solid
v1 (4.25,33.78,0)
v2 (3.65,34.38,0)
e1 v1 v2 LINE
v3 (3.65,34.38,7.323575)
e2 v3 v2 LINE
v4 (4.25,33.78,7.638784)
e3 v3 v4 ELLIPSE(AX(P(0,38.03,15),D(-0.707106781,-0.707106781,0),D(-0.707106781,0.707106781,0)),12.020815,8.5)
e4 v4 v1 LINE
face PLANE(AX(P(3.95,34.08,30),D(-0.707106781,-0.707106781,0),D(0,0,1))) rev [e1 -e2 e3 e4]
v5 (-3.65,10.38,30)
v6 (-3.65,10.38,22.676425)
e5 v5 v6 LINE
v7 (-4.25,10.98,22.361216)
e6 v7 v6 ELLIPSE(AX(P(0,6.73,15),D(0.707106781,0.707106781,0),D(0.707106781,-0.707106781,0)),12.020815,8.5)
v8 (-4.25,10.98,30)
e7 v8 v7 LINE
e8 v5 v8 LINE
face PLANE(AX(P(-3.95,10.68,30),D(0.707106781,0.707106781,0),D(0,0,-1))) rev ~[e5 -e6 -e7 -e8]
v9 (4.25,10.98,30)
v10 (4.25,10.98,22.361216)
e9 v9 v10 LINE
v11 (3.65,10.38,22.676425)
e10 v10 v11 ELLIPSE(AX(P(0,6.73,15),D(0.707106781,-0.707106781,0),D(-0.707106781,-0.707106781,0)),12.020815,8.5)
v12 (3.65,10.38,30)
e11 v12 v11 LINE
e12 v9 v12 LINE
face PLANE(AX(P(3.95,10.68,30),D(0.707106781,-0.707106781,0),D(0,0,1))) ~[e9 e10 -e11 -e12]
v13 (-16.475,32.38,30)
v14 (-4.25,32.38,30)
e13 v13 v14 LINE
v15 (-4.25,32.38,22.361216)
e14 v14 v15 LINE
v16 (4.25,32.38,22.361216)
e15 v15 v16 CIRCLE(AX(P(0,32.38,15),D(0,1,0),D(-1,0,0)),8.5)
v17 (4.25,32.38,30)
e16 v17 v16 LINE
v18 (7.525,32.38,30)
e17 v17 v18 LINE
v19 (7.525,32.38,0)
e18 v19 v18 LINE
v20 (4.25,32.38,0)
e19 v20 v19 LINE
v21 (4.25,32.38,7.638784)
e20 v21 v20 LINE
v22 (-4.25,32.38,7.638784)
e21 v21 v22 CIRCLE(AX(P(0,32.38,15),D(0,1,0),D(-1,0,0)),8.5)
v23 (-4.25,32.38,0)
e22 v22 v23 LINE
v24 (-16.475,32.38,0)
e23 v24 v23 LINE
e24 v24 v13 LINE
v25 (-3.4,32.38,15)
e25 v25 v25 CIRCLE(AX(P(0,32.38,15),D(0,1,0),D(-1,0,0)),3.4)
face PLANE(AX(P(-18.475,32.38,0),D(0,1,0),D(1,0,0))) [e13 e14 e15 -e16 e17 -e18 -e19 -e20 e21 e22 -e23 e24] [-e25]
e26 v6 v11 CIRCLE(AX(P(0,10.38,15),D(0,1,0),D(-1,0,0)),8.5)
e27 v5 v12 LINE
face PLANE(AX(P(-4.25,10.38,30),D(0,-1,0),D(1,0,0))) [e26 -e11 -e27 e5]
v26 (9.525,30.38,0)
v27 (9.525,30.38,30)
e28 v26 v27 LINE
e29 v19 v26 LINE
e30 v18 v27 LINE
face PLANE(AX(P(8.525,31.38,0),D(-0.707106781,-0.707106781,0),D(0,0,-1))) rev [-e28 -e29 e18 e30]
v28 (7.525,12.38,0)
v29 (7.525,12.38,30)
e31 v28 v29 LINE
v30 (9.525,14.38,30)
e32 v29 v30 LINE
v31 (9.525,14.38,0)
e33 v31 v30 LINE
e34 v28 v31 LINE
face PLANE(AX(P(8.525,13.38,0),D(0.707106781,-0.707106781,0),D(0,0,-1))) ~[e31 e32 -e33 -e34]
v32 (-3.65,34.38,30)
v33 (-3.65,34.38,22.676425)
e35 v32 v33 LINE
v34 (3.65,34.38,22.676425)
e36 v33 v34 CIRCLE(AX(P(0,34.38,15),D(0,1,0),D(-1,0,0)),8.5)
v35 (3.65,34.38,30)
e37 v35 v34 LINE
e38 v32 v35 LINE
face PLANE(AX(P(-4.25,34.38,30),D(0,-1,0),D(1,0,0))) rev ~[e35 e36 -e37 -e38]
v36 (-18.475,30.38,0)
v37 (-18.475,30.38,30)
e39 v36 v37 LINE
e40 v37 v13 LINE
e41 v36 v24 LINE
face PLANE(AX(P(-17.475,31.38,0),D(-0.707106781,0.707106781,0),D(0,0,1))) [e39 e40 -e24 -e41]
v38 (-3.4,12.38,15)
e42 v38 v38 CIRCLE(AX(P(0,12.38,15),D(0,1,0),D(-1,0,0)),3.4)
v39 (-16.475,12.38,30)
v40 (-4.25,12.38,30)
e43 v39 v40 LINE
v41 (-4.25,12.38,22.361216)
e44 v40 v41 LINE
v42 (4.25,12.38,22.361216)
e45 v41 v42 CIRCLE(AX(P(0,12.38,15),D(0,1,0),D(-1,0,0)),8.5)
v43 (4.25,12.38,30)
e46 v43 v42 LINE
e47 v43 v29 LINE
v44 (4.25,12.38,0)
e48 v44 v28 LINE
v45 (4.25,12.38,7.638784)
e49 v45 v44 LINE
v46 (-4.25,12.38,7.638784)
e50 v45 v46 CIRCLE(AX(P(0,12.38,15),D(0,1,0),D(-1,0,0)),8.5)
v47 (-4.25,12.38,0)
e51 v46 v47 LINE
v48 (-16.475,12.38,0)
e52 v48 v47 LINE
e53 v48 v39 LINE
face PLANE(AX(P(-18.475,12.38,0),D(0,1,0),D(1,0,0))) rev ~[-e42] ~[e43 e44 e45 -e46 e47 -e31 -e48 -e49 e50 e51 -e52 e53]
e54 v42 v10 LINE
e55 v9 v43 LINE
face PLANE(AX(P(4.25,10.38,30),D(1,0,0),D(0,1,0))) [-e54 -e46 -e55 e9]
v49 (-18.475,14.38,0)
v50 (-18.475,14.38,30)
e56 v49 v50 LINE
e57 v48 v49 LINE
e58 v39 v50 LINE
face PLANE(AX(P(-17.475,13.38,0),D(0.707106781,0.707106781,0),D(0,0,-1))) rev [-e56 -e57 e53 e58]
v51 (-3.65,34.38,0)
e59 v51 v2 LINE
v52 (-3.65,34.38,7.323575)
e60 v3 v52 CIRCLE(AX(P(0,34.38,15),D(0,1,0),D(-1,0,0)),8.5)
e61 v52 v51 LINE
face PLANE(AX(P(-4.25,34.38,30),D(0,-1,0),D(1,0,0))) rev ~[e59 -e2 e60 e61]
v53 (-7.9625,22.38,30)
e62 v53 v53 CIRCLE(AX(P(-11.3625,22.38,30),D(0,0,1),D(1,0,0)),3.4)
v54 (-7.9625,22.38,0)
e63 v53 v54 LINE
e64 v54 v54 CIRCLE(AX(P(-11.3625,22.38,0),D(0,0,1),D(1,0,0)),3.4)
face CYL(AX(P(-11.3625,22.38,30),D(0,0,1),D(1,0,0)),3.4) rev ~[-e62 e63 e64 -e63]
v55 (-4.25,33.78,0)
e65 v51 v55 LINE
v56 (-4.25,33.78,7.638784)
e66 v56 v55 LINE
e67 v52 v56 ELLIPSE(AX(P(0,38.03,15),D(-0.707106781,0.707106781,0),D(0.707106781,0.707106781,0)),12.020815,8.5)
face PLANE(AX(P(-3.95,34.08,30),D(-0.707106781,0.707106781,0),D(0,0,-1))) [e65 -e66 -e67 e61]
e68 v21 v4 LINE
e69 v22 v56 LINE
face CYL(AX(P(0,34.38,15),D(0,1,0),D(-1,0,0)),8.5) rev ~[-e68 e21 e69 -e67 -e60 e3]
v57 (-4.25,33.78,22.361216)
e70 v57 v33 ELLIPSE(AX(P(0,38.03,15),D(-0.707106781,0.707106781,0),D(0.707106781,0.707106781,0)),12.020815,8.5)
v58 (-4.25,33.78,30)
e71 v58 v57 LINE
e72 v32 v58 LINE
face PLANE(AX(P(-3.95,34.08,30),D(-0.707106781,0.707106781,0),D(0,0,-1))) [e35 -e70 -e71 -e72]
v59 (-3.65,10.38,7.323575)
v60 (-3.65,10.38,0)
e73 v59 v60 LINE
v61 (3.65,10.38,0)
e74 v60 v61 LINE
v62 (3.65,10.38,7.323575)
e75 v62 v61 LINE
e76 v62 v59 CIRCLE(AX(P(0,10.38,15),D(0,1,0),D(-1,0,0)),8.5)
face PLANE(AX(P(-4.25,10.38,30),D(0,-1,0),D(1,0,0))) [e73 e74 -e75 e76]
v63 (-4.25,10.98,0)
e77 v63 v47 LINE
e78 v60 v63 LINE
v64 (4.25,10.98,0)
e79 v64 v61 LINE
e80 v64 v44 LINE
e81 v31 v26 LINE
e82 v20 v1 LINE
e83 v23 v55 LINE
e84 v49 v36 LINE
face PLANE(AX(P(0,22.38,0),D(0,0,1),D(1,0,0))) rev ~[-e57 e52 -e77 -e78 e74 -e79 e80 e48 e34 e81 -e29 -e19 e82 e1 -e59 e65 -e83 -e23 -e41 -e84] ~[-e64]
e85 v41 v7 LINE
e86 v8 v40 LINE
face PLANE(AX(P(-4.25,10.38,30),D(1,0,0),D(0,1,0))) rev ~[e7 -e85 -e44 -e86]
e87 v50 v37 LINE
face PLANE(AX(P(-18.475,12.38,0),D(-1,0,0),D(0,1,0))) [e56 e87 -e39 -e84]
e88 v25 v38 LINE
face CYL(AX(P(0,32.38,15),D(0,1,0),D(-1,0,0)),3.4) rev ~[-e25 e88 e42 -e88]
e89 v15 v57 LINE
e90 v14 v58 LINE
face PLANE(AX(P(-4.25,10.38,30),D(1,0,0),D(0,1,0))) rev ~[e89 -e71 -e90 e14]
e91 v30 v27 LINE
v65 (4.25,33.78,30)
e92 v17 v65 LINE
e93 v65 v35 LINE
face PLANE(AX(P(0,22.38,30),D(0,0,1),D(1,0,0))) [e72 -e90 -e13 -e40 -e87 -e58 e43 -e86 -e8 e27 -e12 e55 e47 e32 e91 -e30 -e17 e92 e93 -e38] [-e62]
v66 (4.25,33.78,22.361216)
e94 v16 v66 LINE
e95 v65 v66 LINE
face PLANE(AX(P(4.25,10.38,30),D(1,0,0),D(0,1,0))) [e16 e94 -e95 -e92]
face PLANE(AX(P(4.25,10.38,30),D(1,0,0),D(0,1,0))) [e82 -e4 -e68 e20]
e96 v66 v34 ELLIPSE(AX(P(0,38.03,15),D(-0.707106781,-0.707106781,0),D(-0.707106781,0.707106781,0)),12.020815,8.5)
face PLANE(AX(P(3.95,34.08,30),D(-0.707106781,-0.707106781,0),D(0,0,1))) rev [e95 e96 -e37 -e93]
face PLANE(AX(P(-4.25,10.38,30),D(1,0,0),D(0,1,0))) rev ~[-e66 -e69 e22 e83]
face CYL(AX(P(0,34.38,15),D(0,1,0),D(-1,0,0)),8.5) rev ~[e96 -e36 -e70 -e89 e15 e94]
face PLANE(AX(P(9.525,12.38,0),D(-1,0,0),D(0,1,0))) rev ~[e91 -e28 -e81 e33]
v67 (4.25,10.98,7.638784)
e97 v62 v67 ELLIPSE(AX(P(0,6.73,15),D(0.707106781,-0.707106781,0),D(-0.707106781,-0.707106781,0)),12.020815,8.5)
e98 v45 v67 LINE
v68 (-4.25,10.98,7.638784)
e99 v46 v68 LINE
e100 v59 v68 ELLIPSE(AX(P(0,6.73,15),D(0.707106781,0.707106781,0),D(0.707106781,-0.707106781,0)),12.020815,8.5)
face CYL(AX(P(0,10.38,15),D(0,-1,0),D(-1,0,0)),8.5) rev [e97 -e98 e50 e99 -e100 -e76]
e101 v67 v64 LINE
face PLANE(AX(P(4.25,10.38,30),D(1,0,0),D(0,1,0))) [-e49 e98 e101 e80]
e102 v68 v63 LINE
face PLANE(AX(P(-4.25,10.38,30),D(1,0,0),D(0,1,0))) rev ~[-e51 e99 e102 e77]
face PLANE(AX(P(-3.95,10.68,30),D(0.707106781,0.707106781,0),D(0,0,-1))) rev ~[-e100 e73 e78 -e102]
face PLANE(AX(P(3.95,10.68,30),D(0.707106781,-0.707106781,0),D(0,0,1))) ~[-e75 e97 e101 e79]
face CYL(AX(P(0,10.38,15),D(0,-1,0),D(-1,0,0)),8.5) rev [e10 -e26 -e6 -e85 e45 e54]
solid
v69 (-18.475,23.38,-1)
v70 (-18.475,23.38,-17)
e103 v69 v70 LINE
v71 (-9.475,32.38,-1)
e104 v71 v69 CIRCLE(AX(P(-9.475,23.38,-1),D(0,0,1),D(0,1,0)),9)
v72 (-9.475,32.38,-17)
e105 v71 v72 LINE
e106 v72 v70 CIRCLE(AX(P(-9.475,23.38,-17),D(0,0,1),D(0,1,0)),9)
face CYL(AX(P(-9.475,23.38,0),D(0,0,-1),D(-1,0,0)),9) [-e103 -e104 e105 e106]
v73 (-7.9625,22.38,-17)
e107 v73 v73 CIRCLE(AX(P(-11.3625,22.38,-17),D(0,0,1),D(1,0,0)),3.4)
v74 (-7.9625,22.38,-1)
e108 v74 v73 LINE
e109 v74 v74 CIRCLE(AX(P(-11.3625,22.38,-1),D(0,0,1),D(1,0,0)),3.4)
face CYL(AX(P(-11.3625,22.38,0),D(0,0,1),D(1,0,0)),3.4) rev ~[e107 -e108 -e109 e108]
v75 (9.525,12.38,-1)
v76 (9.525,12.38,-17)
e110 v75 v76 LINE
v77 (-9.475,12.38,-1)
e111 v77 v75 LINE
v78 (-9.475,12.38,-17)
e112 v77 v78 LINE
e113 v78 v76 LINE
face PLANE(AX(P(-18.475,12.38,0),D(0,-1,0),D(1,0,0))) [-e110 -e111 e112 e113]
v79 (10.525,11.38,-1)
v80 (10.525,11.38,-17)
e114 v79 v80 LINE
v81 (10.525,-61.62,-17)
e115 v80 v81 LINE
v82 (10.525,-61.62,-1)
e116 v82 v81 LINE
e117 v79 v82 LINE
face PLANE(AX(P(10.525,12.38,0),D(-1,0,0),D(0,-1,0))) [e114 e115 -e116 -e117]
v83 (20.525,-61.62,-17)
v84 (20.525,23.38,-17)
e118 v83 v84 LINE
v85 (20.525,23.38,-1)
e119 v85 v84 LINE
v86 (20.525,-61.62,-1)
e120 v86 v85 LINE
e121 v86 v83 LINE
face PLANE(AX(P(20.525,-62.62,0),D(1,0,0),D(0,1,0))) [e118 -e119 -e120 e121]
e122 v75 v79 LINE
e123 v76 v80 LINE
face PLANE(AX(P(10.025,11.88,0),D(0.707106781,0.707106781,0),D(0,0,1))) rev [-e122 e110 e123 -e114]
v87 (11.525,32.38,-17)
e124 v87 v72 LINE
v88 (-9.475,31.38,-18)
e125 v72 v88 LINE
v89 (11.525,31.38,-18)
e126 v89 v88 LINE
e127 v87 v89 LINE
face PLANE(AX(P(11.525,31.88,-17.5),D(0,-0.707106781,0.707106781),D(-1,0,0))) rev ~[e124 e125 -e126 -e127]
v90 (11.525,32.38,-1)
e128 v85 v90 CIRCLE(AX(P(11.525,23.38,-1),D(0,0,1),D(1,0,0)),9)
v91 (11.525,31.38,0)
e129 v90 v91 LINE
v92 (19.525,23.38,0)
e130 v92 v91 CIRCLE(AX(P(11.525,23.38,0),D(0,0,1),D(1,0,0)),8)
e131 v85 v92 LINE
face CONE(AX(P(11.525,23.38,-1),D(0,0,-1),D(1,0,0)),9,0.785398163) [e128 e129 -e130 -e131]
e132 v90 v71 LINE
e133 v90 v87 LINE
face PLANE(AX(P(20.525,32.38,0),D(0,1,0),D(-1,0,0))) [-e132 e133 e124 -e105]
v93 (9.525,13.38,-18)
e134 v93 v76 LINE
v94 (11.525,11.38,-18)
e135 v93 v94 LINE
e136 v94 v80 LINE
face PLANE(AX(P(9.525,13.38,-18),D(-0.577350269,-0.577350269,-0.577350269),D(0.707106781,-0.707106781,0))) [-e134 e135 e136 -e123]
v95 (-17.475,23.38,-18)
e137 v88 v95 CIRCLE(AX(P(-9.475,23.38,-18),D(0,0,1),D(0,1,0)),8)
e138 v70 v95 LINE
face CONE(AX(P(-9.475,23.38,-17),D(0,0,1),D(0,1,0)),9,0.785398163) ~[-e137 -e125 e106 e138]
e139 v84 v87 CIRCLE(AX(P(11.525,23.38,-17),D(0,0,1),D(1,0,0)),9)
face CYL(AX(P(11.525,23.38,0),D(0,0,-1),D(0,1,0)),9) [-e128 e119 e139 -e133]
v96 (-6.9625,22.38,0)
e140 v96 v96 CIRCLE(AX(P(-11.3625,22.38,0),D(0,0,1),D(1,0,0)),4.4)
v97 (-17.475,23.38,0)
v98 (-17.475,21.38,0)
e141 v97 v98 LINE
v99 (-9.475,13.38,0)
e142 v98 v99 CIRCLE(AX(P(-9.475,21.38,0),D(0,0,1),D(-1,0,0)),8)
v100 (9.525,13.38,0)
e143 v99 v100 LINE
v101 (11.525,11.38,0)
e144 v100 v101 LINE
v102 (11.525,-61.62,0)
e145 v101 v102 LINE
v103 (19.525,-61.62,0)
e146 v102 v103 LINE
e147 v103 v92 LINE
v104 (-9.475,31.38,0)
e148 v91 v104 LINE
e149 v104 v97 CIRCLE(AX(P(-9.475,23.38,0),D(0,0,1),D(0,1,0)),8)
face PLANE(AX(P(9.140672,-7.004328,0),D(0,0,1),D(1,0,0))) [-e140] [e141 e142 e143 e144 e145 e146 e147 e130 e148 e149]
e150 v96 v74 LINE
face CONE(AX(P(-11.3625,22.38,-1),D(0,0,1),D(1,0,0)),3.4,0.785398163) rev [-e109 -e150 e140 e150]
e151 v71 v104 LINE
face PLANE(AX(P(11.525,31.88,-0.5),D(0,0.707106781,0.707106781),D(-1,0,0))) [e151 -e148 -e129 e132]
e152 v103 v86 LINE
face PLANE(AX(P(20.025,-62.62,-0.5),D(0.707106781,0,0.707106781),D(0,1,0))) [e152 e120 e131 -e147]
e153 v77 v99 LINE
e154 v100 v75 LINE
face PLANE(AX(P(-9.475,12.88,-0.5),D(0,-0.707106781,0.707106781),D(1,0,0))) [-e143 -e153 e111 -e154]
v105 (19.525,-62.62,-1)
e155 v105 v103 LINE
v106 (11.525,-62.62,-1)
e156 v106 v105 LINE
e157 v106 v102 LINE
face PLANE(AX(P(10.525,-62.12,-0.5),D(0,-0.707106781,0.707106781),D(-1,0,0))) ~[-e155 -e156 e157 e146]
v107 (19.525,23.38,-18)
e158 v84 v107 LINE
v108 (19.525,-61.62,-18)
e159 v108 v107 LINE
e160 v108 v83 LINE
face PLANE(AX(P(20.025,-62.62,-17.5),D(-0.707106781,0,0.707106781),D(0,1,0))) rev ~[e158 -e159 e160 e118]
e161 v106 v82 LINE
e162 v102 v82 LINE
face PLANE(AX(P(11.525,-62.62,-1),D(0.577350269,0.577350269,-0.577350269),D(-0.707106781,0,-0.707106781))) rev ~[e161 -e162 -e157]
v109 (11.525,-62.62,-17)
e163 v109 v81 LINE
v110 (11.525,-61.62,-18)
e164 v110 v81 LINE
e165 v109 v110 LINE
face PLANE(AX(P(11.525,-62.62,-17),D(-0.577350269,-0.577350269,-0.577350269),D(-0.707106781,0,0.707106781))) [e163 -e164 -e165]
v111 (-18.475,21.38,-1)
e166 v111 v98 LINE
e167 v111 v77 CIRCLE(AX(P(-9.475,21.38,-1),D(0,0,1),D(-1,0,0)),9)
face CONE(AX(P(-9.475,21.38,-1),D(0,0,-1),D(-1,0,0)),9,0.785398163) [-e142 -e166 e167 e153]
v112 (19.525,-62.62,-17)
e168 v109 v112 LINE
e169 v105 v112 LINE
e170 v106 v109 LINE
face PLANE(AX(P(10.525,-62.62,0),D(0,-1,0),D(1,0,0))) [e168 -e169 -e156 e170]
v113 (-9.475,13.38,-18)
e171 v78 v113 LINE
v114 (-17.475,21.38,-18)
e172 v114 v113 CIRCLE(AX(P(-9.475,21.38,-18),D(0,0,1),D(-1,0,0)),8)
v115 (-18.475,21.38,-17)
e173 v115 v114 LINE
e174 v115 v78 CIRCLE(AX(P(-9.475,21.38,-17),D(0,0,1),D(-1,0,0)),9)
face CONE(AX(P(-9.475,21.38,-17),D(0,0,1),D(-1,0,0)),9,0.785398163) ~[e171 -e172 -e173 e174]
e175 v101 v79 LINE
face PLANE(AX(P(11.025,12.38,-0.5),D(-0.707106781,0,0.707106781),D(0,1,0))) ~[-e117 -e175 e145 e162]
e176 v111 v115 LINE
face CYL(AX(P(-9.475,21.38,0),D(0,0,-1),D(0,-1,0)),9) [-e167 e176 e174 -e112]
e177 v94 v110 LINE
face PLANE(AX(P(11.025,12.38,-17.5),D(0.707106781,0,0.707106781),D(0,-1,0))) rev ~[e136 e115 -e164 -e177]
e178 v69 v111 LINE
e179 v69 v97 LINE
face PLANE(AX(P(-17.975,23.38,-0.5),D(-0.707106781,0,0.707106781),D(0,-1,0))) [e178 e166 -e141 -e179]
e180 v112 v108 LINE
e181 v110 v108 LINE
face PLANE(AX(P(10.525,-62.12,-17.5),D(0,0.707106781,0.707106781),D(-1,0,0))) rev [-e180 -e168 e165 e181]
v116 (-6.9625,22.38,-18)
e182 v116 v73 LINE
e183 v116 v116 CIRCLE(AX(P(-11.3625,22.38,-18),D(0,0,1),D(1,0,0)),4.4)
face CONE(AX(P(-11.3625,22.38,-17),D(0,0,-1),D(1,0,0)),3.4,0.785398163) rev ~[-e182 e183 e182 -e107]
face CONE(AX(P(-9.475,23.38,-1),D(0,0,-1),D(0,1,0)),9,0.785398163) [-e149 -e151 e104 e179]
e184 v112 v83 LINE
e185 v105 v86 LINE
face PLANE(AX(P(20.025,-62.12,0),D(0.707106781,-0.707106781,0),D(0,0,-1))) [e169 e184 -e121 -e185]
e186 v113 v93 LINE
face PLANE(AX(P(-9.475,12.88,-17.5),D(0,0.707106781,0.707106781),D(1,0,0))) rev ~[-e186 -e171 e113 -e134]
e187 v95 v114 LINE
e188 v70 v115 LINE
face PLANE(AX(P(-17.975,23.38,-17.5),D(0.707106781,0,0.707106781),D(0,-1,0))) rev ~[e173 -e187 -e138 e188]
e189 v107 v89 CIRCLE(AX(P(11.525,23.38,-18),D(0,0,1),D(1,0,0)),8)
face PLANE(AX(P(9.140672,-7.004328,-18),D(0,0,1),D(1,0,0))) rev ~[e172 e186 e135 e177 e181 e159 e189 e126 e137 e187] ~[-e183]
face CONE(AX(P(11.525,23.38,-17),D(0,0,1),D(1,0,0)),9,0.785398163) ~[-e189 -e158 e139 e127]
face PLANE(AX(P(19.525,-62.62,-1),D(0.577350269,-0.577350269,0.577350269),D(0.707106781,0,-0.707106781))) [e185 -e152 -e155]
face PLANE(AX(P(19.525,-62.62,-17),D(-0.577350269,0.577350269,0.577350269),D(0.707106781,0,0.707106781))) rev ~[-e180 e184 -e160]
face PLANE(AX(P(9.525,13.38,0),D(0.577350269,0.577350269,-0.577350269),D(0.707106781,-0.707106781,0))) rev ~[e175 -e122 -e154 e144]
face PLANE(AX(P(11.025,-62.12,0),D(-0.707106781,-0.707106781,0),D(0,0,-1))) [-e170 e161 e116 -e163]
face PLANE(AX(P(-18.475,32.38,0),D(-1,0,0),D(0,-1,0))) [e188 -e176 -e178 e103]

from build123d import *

# Parameters (mm, degrees)
SKETCH021_W     = 28
SKETCH021_H     = 20
PAD006_DEPTH    = 30
SKETCH022_W     = 8.5
SKETCH022_H     = 24
PAD007_DEPTH    = 30
CHAMFER006_SIZE = 2
CHAMFER007_SIZE = 0.6
SKETCH023_R     = 8.5
POCKET009_DEPTH = 2
SKETCH024_R     = 8.5
POCKET010_DEPTH = 2
SKETCH025_R     = 3.4
POCKET011_DEPTH = 20
SKETCH026_R     = 3.4
POCKET012_DEPTH = 30
SKETCH028_R     = 3.4
PAD008_DEPTH    = 18
FILLET002_R     = 9
CHAMFER008_SIZE = 1


with BuildPart() as carrier003:
    # Sketch021 → Pad006 (new body)
    with BuildSketch(Plane.XY):
        with Locations((-4.475, 22.38)):
            Rectangle(SKETCH021_W, SKETCH021_H)
    extrude(amount=PAD006_DEPTH)

    # Sketch022 (on Face6 of Pad006) → Pad007 (join)
    with BuildSketch(Plane.XY.offset(30)):
        with Locations((0, 22.38)):
            Rectangle(SKETCH022_W, SKETCH022_H)
    extrude(amount=-PAD007_DEPTH)

    # Chamfer006
    chamfer006_edges = [carrier003.edges().sort_by_distance(p)[0] for p in [
        (-18.475, 32.38, 15),
        (-18.475, 12.38, 15),
        (9.525, 32.38, 15),
        (9.525, 12.38, 15),
    ]]
    chamfer(chamfer006_edges, length=CHAMFER006_SIZE)

    # Chamfer007
    chamfer007_edges = [carrier003.edges().sort_by_distance(p)[0] for p in [
        (4.25, 34.38, 15),
        (-4.25, 34.38, 15),
        (-4.25, 10.38, 15),
        (4.25, 10.38, 15),
    ]]
    chamfer(chamfer007_edges, length=CHAMFER007_SIZE)

    # Sketch023 (on Face10 of Pad007) → Pocket009 (cut)
    with BuildSketch(Plane(origin=(0, 34.38, 0), x_dir=(-1, 0, 0), z_dir=(0, 1, 0))):
        with Locations((0, 15)):
            Circle(SKETCH023_R)
    extrude(amount=-POCKET009_DEPTH, mode=Mode.SUBTRACT)

    # Sketch024 (on Face10 of Pad007) → Pocket010 (cut)
    with BuildSketch(Plane(origin=(0, 10.38, 0), x_dir=(-1, 0, 0), z_dir=(0, 1, 0))):
        with Locations((0, 15)):
            Circle(SKETCH024_R)
    extrude(amount=POCKET010_DEPTH, mode=Mode.SUBTRACT)

    # Sketch025 (on Face3 of Pocket010) → Pocket011 (cut)
    with BuildSketch(Plane(origin=(0, 32.38, 0), x_dir=(-1, 0, 0), z_dir=(0, 1, 0))):
        with Locations((0, 15)):
            Circle(SKETCH025_R)
    extrude(amount=-POCKET011_DEPTH, mode=Mode.SUBTRACT)

    # Sketch026 (on Face13 of Pocket011) → Pocket012 (cut)
    with BuildSketch(Plane.XY.offset(30)):
        with Locations((-11.3625, 22.38)):
            Circle(SKETCH026_R)
    extrude(amount=-POCKET012_DEPTH, mode=Mode.SUBTRACT)


with BuildPart() as arm003:
    # Sketch028 → Pad008 (new body)
    with BuildSketch(Plane.XY):
        Polygon((-18.475, 12.38), (10.525, 12.38), (10.525, -62.62), (20.525, -62.62), (20.525, 32.38), (-18.475, 32.38), align=None)
        with Locations((-11.3625, 22.38)):
            Circle(SKETCH028_R, mode=Mode.SUBTRACT)
    extrude(amount=-PAD008_DEPTH)

    # Fillet002
    fillet002_edges = [arm003.edges().sort_by_distance(p)[0] for p in [
        (-18.475, 32.38, -9),
        (-18.475, 12.38, -9),
        (20.525, 32.38, -9),
    ]]
    fillet(fillet002_edges, radius=FILLET002_R)

    # Chamfer008
    chamfer008_edges = [arm003.edges().sort_by_distance(p)[0] for p in [
        (0.525, 12.38, -18),
        (-15.838961, 15.016039, -18),
        (10.525, -25.12, -18),
        (-18.475, 22.38, -18),
        (15.525, -62.62, -18),
        (-15.838961, 29.743961, -18),
        (20.525, -19.62, -18),
        (1.025, 32.38, -18),
        (17.888961, 29.743961, -18),
        (-14.7625, 22.38, -18),
        (0.525, 12.38, 0),
        (-15.838961, 15.016039, 0),
        (10.525, -25.12, 0),
        (-18.475, 22.38, 0),
        (15.525, -62.62, 0),
        (-15.838961, 29.743961, 0),
        (20.525, -19.62, 0),
        (1.025, 32.38, 0),
        (17.888961, 29.743961, 0),
        (-14.7625, 22.38, 0),
        (10.525, -62.62, -9),
        (20.525, -62.62, -9),
        (10.525, 12.38, -9),
    ]]
    chamfer(chamfer008_edges, length=CHAMFER008_SIZE)


solid = Compound([carrier003.part, arm003.part])
